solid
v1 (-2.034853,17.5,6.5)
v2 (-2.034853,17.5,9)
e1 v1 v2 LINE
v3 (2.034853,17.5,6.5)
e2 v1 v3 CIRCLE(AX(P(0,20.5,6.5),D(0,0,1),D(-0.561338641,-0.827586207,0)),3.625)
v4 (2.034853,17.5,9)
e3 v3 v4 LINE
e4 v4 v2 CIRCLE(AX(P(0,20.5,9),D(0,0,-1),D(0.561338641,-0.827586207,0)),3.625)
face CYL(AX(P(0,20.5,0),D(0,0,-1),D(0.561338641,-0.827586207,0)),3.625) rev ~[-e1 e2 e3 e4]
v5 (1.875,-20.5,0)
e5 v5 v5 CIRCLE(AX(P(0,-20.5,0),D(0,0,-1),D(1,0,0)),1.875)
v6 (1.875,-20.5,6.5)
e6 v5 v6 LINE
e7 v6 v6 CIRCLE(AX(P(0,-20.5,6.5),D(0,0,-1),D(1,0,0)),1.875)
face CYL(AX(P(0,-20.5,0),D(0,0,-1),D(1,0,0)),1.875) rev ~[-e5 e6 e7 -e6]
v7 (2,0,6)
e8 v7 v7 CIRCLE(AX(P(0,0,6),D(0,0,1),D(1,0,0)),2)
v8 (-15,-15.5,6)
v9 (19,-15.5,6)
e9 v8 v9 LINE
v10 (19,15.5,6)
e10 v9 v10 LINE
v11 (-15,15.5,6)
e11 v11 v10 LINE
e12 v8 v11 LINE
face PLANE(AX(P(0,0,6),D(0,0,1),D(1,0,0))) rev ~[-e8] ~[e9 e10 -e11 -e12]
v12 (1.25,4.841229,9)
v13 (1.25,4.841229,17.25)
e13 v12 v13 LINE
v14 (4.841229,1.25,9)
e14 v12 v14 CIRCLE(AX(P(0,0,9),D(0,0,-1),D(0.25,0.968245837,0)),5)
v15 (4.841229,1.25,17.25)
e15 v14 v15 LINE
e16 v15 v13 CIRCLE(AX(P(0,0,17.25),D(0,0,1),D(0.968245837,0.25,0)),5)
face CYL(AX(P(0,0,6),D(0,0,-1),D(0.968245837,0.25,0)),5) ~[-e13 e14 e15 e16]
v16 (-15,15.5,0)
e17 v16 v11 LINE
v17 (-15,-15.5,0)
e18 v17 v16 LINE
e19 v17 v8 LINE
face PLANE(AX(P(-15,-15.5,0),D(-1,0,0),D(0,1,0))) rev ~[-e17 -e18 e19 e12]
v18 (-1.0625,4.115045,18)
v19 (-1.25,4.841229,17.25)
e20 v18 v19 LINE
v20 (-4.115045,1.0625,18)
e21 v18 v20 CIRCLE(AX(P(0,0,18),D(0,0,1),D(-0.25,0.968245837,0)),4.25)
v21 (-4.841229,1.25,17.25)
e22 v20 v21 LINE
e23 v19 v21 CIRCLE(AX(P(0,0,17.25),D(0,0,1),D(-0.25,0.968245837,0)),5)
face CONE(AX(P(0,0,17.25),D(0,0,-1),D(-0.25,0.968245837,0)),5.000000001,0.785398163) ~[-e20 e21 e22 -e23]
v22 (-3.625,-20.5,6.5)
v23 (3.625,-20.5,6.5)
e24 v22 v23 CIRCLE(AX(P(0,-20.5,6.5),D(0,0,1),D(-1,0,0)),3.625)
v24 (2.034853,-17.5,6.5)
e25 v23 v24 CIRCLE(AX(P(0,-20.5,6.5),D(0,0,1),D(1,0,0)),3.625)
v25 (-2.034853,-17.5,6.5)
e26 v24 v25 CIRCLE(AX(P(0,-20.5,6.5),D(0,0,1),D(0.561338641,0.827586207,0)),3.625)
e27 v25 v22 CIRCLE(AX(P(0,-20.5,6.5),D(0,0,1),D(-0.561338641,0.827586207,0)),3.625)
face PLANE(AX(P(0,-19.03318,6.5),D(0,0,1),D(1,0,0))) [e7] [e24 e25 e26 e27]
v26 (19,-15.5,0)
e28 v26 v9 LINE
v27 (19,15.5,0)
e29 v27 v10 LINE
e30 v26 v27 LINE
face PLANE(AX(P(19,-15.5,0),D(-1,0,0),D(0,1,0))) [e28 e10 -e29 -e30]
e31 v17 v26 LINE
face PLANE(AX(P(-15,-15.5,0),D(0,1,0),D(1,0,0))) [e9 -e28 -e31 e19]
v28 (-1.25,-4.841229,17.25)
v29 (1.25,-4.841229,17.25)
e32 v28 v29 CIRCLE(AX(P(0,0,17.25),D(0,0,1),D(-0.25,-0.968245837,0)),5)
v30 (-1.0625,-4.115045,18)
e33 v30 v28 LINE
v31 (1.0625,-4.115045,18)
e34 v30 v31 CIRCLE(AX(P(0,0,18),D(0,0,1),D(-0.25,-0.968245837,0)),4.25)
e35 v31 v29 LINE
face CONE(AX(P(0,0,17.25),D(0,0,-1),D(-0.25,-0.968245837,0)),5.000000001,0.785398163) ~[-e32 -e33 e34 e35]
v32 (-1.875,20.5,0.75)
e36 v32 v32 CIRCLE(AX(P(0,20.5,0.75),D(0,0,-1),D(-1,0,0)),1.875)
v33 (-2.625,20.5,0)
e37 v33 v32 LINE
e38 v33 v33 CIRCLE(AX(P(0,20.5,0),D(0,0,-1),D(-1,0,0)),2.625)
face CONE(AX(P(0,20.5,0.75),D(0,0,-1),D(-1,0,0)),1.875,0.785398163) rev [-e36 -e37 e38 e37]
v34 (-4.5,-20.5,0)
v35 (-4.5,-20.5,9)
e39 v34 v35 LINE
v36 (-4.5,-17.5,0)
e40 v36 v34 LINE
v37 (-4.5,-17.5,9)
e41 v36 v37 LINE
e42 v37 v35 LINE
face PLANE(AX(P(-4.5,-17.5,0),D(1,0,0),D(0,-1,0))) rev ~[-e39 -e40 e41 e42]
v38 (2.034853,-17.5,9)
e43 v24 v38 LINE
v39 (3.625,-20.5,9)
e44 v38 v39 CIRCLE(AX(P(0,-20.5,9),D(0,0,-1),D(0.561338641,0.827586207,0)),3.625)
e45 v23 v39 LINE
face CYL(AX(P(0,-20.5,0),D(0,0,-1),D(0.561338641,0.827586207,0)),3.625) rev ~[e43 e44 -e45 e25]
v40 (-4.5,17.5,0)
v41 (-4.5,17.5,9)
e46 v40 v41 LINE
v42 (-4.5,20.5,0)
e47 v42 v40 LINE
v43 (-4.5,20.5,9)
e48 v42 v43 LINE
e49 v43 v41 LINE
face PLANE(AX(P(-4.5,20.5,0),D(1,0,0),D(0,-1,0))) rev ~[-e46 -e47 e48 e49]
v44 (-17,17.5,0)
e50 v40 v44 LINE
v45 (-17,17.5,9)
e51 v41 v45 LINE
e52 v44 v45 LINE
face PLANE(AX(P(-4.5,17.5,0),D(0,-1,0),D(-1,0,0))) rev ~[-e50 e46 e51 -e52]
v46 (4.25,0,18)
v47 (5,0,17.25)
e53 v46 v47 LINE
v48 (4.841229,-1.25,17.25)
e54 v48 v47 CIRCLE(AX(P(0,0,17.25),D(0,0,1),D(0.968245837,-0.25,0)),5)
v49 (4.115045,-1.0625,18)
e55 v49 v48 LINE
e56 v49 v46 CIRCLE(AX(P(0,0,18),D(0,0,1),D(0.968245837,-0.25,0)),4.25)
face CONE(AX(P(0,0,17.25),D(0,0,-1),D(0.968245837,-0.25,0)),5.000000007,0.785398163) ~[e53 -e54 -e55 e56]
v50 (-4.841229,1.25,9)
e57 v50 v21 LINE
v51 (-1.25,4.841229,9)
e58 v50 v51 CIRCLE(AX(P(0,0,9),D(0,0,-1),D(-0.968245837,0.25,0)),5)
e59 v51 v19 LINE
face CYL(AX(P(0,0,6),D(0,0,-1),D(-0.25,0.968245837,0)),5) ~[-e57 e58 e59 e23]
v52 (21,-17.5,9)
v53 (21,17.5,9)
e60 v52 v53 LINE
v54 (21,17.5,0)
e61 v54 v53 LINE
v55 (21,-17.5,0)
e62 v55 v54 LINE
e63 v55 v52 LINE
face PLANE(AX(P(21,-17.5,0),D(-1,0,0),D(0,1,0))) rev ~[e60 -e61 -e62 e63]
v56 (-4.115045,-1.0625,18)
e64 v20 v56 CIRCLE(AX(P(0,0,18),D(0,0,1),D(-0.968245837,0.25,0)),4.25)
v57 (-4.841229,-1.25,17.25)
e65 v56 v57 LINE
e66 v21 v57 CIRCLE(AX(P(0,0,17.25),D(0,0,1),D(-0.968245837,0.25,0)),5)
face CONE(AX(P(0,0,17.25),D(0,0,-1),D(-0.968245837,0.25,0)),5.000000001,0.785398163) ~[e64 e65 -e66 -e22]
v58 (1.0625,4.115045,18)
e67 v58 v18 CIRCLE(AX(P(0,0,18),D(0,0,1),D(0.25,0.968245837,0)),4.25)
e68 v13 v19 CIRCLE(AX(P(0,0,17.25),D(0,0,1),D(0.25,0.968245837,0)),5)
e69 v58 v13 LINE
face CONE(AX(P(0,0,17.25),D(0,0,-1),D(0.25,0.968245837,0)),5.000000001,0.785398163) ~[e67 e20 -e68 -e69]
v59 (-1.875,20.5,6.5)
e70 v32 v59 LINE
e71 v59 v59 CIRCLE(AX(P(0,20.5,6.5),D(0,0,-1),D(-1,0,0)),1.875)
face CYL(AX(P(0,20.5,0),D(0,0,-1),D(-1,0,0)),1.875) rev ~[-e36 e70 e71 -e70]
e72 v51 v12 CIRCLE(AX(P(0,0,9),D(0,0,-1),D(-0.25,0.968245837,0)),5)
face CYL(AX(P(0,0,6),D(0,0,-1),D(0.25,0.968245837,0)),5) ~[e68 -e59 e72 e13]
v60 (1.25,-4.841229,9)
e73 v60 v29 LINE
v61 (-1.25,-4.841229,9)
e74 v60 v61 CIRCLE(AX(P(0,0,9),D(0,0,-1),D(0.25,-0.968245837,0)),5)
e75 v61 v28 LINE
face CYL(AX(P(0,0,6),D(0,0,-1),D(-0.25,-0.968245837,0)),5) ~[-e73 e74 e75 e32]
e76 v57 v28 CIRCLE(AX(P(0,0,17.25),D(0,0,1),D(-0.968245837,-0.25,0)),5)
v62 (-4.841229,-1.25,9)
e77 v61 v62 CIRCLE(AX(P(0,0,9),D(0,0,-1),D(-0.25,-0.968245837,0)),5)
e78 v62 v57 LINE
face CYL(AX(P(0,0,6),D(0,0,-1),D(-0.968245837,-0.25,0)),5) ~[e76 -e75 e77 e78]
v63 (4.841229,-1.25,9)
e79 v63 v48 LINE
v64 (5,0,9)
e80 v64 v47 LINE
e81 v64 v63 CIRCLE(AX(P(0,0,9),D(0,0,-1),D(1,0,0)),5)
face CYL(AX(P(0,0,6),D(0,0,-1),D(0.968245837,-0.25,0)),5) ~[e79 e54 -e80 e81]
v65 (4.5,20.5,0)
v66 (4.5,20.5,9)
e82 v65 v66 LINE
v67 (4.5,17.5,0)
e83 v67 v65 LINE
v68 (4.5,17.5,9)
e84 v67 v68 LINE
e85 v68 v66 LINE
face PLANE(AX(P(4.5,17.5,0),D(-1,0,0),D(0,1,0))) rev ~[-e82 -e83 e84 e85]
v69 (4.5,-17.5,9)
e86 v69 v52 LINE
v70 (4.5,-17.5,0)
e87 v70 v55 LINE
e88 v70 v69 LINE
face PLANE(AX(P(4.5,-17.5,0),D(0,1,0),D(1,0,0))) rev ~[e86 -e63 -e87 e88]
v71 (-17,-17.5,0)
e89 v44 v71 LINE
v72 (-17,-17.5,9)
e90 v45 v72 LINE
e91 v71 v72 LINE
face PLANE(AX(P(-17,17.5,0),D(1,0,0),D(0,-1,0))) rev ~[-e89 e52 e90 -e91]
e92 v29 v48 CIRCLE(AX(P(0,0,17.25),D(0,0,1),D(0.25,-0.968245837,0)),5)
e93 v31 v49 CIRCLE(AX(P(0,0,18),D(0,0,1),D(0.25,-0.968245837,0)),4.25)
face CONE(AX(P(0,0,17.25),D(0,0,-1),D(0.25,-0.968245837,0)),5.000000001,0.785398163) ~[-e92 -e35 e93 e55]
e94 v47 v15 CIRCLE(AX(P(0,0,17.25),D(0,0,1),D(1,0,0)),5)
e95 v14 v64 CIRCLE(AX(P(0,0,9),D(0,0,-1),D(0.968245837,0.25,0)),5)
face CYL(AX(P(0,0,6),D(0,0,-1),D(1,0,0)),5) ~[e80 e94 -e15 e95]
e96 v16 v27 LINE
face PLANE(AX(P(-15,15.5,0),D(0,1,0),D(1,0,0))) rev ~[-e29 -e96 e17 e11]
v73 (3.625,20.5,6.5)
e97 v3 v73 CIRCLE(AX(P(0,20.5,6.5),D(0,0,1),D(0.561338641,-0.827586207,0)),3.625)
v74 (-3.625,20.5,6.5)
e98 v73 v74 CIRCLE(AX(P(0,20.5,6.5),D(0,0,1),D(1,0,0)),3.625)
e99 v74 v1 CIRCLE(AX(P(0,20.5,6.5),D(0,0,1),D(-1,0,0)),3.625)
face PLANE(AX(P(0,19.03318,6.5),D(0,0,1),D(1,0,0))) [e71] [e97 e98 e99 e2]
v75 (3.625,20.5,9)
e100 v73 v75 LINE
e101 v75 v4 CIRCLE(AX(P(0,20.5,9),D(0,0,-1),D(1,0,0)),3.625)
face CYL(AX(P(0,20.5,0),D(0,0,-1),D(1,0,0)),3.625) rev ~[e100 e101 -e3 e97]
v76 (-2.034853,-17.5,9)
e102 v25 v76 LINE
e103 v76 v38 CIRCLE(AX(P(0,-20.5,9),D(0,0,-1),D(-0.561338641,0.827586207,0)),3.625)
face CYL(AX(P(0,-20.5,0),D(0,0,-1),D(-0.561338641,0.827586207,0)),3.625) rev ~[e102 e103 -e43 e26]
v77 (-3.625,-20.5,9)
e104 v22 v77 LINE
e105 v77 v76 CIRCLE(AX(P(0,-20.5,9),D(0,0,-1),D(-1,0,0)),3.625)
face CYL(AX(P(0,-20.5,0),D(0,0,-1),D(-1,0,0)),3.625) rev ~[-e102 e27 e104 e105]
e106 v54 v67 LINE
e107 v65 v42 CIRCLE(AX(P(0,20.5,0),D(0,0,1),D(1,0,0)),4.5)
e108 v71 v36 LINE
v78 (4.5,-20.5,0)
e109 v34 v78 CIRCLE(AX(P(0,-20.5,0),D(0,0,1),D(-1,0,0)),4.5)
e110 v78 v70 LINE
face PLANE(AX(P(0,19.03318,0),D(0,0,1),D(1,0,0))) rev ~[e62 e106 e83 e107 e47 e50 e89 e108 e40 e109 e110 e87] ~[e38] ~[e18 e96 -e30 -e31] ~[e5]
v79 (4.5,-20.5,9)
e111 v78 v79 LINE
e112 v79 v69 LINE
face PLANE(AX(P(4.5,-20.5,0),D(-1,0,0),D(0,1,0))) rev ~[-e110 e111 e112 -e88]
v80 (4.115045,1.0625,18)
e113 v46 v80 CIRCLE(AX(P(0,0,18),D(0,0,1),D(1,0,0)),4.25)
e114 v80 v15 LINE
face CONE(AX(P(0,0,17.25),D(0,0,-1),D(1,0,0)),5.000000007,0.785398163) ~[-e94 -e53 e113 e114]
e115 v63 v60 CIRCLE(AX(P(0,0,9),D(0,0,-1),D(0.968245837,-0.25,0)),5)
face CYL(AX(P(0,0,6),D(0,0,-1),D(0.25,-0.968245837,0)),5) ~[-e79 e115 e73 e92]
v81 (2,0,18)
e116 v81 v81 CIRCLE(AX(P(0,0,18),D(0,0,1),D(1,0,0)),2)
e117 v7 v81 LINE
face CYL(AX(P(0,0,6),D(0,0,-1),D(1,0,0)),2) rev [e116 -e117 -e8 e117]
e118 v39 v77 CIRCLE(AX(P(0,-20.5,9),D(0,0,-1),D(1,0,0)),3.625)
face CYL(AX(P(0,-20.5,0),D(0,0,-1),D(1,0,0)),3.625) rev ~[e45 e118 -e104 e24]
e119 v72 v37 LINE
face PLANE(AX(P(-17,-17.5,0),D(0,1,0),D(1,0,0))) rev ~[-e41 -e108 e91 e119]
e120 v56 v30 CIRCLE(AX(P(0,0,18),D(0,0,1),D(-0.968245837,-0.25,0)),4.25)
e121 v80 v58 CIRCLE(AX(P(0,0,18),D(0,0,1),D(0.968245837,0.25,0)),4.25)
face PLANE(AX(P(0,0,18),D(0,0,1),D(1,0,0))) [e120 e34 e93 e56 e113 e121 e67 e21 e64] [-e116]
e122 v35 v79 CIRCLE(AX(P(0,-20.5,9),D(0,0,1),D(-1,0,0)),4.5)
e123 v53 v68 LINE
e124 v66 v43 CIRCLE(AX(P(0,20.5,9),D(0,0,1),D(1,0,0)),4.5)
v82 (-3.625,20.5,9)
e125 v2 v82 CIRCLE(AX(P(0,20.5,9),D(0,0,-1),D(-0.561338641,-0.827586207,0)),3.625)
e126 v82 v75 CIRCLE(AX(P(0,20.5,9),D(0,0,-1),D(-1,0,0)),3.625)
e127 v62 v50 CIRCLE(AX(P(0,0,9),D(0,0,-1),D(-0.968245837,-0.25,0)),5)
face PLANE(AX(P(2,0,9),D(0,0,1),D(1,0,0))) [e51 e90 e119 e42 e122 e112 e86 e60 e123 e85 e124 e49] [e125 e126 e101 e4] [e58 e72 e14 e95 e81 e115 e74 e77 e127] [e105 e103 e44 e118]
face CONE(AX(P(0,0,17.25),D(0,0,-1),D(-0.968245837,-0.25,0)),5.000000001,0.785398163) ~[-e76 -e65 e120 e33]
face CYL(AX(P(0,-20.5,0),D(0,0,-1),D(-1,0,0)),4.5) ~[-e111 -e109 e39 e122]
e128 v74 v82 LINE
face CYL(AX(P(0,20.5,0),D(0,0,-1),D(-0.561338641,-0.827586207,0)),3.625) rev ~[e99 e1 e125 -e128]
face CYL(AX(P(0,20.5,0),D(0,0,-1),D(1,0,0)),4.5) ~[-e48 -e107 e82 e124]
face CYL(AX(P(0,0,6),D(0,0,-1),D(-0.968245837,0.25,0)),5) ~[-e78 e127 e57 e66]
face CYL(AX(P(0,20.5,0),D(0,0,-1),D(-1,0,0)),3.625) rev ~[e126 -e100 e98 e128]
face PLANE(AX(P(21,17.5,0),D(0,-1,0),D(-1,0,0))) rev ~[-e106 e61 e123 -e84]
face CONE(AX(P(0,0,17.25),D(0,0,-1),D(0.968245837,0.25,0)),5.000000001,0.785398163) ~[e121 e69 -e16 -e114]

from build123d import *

# Parameters (mm, degrees)
F0_W     = 34
F0_H     = 31
F1_DEPTH = 9
F2_DEPTH = 6.5
F3_START = 6
F0_W_2   = 2.5
F0_H_2   = 3
F3_DEPTH = 3
F4_START = 6
F0_R     = 2
F4_DEPTH = 12
F5_SIZE  = 0.75
F6_SIZE  = 0.75


with BuildPart() as f1:
    # F0 (on Top) → F1 (new body)
    with BuildSketch(Plane.XY):
        with BuildLine():
            Line((-4.5, 17.5), (-17, 17.5))
            Line((-17, 17.5), (-17, -17.5))
            Line((-17, -17.5), (-4.5, -17.5))
            Line((-4.5, -17.5), (-2.0348525745, -17.5))
            ThreePointArc((-2.0348525745, -17.5), (0, -16.875), (2.0348525745, -17.5))
            Line((2.0348525745, -17.5), (4.5, -17.5))
            Line((4.5, -17.5), (21, -17.5))
            Line((21, -17.5), (21, 17.5))
            Line((21, 17.5), (4.5, 17.5))
            Line((4.5, 17.5), (2.0348525745, 17.5))
            ThreePointArc((2.0348525745, 17.5), (0, 16.875), (-2.0348525745, 17.5))
            Line((-2.0348525745, 17.5), (-4.5, 17.5))
        make_face()
        with Locations((2, 0)):
            Rectangle(F0_W, F0_H, mode=Mode.SUBTRACT)
        with BuildLine():
            Line((-4.5, 20.5), (-4.5, 17.5))
            Line((-4.5, 17.5), (-2.0348525745, 17.5))
            ThreePointArc((-2.0348525745, 17.5), (-3.2028866342, 18.8023126882), (-3.625, 20.5))
            Line((-3.625, 20.5), (-4.5, 20.5))
        make_face()
        with BuildLine():
            ThreePointArc((4.5, 20.5), (0, 25), (-4.5, 20.5))
            Line((-4.5, 20.5), (-3.625, 20.5))
            ThreePointArc((-3.625, 20.5), (0, 24.125), (3.625, 20.5))
            Line((3.625, 20.5), (4.5, 20.5))
        make_face()
        with BuildLine():
            ThreePointArc((3.625, 20.5), (3.2028866342, 18.8023126882), (2.0348525745, 17.5))
            Line((2.0348525745, 17.5), (4.5, 17.5))
            Line((4.5, 17.5), (4.5, 20.5))
            Line((4.5, 20.5), (3.625, 20.5))
        make_face()
        with BuildLine():
            Line((4.5, -17.5), (2.0348525745, -17.5))
            ThreePointArc((2.0348525745, -17.5), (3.2028866342, -18.8023126882), (3.625, -20.5))
            Line((3.625, -20.5), (4.5, -20.5))
            Line((4.5, -20.5), (4.5, -17.5))
        make_face()
        with BuildLine():
            Line((-2.0348525745, -17.5), (-4.5, -17.5))
            Line((-4.5, -17.5), (-4.5, -20.5))
            Line((-4.5, -20.5), (-3.625, -20.5))
            ThreePointArc((-3.625, -20.5), (-3.2028866342, -18.8023126882), (-2.0348525745, -17.5))
        make_face()
        with BuildLine():
            Line((-3.625, -20.5), (-4.5, -20.5))
            ThreePointArc((-4.5, -20.5), (0, -25), (4.5, -20.5))
            Line((4.5, -20.5), (3.625, -20.5))
            ThreePointArc((3.625, -20.5), (0, -24.125), (-3.625, -20.5))
        make_face()
    extrude(amount=F1_DEPTH)

    # F0 (on Top) → F2 (join)
    with BuildSketch(Plane.XY):
        with BuildLine():
            ThreePointArc((-3.625, 20.5), (-3.2028866342, 18.8023126882), (-2.0348525745, 17.5))
            Line((-2.0348525745, 17.5), (2.0348525745, 17.5))
            ThreePointArc((2.0348525745, 17.5), (3.2028866342, 18.8023126882), (3.625, 20.5))
            Line((3.625, 20.5), (1.875, 20.5))
            ThreePointArc((1.875, 20.5), (0, 18.625), (-1.875, 20.5))
            Line((-1.875, 20.5), (-3.625, 20.5))
        make_face()
        with BuildLine():
            Line((2.0348525745, 17.5), (-2.0348525745, 17.5))
            ThreePointArc((-2.0348525745, 17.5), (0, 16.875), (2.0348525745, 17.5))
        make_face()
        with BuildLine():
            ThreePointArc((3.625, 20.5), (0, 24.125), (-3.625, 20.5))
            Line((-3.625, 20.5), (-1.875, 20.5))
            ThreePointArc((-1.875, 20.5), (0, 22.375), (1.875, 20.5))
            Line((1.875, 20.5), (3.625, 20.5))
        make_face()
        with BuildLine():
            Line((2.0348525745, -17.5), (-2.0348525745, -17.5))
            ThreePointArc((-2.0348525745, -17.5), (-3.2028866342, -18.8023126882), (-3.625, -20.5))
            Line((-3.625, -20.5), (-1.875, -20.5))
            ThreePointArc((-1.875, -20.5), (0, -18.625), (1.875, -20.5))
            Line((1.875, -20.5), (3.625, -20.5))
            ThreePointArc((3.625, -20.5), (3.2028866342, -18.8023126882), (2.0348525745, -17.5))
        make_face()
        with BuildLine():
            ThreePointArc((2.0348525745, -17.5), (0, -16.875), (-2.0348525745, -17.5))
            Line((-2.0348525745, -17.5), (2.0348525745, -17.5))
        make_face()
        with BuildLine():
            Line((-1.875, -20.5), (-3.625, -20.5))
            ThreePointArc((-3.625, -20.5), (0, -24.125), (3.625, -20.5))
            Line((3.625, -20.5), (1.875, -20.5))
            ThreePointArc((1.875, -20.5), (0, -22.375), (-1.875, -20.5))
        make_face()
    extrude(amount=F2_DEPTH)

    # F0 (on Top) → F3 (join)
    with BuildSketch(Plane.XY.offset(F3_START)):
        with Locations((2, 0)):
            Rectangle(F0_W, F0_H)
        with BuildLine():
            ThreePointArc((1.25, 4.8412291828), (3.5355339059, 3.5355339059), (4.8412291828, 1.25))
            Line((4.8412291828, 1.25), (11.5, 1.25))
            Line((11.5, 1.25), (11.5, 4.25))
            Line((11.5, 4.25), (14, 4.25))
            Line((14, 4.25), (14, 1.25))
            Line((14, 1.25), (14, -1.25))
            Line((14, -1.25), (14, -4.25))
            Line((14, -4.25), (11.5, -4.25))
            Line((11.5, -4.25), (11.5, -1.25))
            Line((11.5, -1.25), (4.8412291828, -1.25))
            ThreePointArc((4.8412291828, -1.25), (3.5355339059, -3.5355339059), (1.25, -4.8412291828))
            Line((1.25, -4.8412291828), (1.25, -8))
            Line((1.25, -8), (15, -8))
            Line((15, -8), (15, -10.5))
            Line((15, -10.5), (-11, -10.5))
            Line((-11, -10.5), (-11, -8))
            Line((-11, -8), (-1.25, -8))
            Line((-1.25, -8), (-1.25, -4.8412291828))
            ThreePointArc((-1.25, -4.8412291828), (-3.5355339059, -3.5355339059), (-4.8412291828, -1.25))
            Line((-4.8412291828, -1.25), (-7.5, -1.25))
            Line((-7.5, -1.25), (-7.5, -4.25))
            Line((-7.5, -4.25), (-10, -4.25))
            Line((-10, -4.25), (-10, -1.25))
            Line((-10, -1.25), (-10, 1.25))
            Line((-10, 1.25), (-10, 4.25))
            Line((-10, 4.25), (-7.5, 4.25))
            Line((-7.5, 4.25), (-7.5, 1.25))
            Line((-7.5, 1.25), (-4.8412291828, 1.25))
            ThreePointArc((-4.8412291828, 1.25), (-3.5355339059, 3.5355339059), (-1.25, 4.8412291828))
            Line((-1.25, 4.8412291828), (-1.25, 8))
            Line((-1.25, 8), (-11, 8))
            Line((-11, 8), (-11, 10.5))
            Line((-11, 10.5), (15, 10.5))
            Line((15, 10.5), (15, 8))
            Line((15, 8), (1.25, 8))
            Line((1.25, 8), (1.25, 4.8412291828))
        make_face(mode=Mode.SUBTRACT)
        with Locations((-8.75, 2.75)):
            Rectangle(F0_W_2, F0_H_2)
        with BuildLine():
            ThreePointArc((-4.8412291828, -1.25), (-5, 0), (-4.8412291828, 1.25))
            Line((-4.8412291828, 1.25), (-7.5, 1.25))
            Line((-7.5, 1.25), (-10, 1.25))
            Line((-10, 1.25), (-10, -1.25))
            Line((-10, -1.25), (-7.5, -1.25))
            Line((-7.5, -1.25), (-4.8412291828, -1.25))
        make_face()
        with Locations((-8.75, -2.75)):
            Rectangle(F0_W_2, F0_H_2)
        Polygon((15, -8), (1.25, -8), (-1.25, -8), (-11, -8), (-11, -10.5), (15, -10.5), align=None)
        with BuildLine():
            Line((1.25, -8), (1.25, -4.8412291828))
            ThreePointArc((1.25, -4.8412291828), (0, -5), (-1.25, -4.8412291828))
            Line((-1.25, -4.8412291828), (-1.25, -8))
            Line((-1.25, -8), (1.25, -8))
        make_face()
        with Locations((12.75, -2.75)):
            Rectangle(F0_W_2, F0_H_2)
        with Locations((12.75, 2.75)):
            Rectangle(F0_W_2, F0_H_2)
        with BuildLine():
            ThreePointArc((4.8412291828, 1.25), (4.9601484813, 0.6300214624), (5, 0))
            ThreePointArc((5, 0), (4.9601484813, -0.6300214624), (4.8412291828, -1.25))
            Line((4.8412291828, -1.25), (11.5, -1.25))
            Line((11.5, -1.25), (14, -1.25))
            Line((14, -1.25), (14, 1.25))
            Line((14, 1.25), (11.5, 1.25))
            Line((11.5, 1.25), (4.8412291828, 1.25))
        make_face()
        Polygon((-1.25, 8), (1.25, 8), (15, 8), (15, 10.5), (-11, 10.5), (-11, 8), align=None)
        with BuildLine():
            ThreePointArc((-1.25, 4.8412291828), (0, 5), (1.25, 4.8412291828))
            Line((1.25, 4.8412291828), (1.25, 8))
            Line((1.25, 8), (-1.25, 8))
            Line((-1.25, 8), (-1.25, 4.8412291828))
        make_face()
    extrude(amount=F3_DEPTH)

    # F0 (on Top) → F4 (join)
    with BuildSketch(Plane.XY.offset(F4_START)):
        with BuildLine():
            Line((2.5, 1.25), (4.8412291828, 1.25))
            ThreePointArc((4.8412291828, 1.25), (3.5355339059, 3.5355339059), (1.25, 4.8412291828))
            Line((1.25, 4.8412291828), (1.25, 2.5))
            Line((1.25, 2.5), (-1.25, 2.5))
            Line((-1.25, 2.5), (-1.25, 4.8412291828))
            ThreePointArc((-1.25, 4.8412291828), (-3.5355339059, 3.5355339059), (-4.8412291828, 1.25))
            Line((-4.8412291828, 1.25), (-2.5, 1.25))
            Line((-2.5, 1.25), (-2.5, -1.25))
            Line((-2.5, -1.25), (-4.8412291828, -1.25))
            ThreePointArc((-4.8412291828, -1.25), (-3.5355339059, -3.5355339059), (-1.25, -4.8412291828))
            Line((-1.25, -4.8412291828), (-1.25, -2.5))
            Line((-1.25, -2.5), (1.25, -2.5))
            Line((1.25, -2.5), (1.25, -4.8412291828))
            ThreePointArc((1.25, -4.8412291828), (3.5355339059, -3.5355339059), (4.8412291828, -1.25))
            Line((4.8412291828, -1.25), (2.5, -1.25))
            Line((2.5, -1.25), (2.5, 1.25))
        make_face()
        Circle(F0_R, mode=Mode.SUBTRACT)
        with BuildLine():
            Line((-2.5, 1.25), (-4.8412291828, 1.25))
            ThreePointArc((-4.8412291828, 1.25), (-5, 0), (-4.8412291828, -1.25))
            Line((-4.8412291828, -1.25), (-2.5, -1.25))
            Line((-2.5, -1.25), (-2.5, 1.25))
        make_face()
        with BuildLine():
            ThreePointArc((-1.25, -4.8412291828), (0, -5), (1.25, -4.8412291828))
            Line((1.25, -4.8412291828), (1.25, -2.5))
            Line((1.25, -2.5), (-1.25, -2.5))
            Line((-1.25, -2.5), (-1.25, -4.8412291828))
        make_face()
        with BuildLine():
            ThreePointArc((4.8412291828, -1.25), (4.9601484813, -0.6300214624), (5, 0))
            ThreePointArc((5, 0), (4.9601484813, 0.6300214624), (4.8412291828, 1.25))
            Line((4.8412291828, 1.25), (2.5, 1.25))
            Line((2.5, 1.25), (2.5, -1.25))
            Line((2.5, -1.25), (4.8412291828, -1.25))
        make_face()
        with BuildLine():
            Line((1.25, 2.5), (1.25, 4.8412291828))
            ThreePointArc((1.25, 4.8412291828), (0, 5), (-1.25, 4.8412291828))
            Line((-1.25, 4.8412291828), (-1.25, 2.5))
            Line((-1.25, 2.5), (1.25, 2.5))
        make_face()
    extrude(amount=F4_DEPTH)

    # F5
    f5_edges = [f1.edges().sort_by_distance(p)[0] for p in [
        (-1.25, -4.841229, 18),
    ]]
    chamfer(f5_edges, length=F5_SIZE)

    # F6
    f6_edges = [f1.edges().sort_by_distance(p)[0] for p in [
        (1.875, 20.5, 0),
    ]]
    chamfer(f6_edges, length=F6_SIZE)


solid = f1.part
